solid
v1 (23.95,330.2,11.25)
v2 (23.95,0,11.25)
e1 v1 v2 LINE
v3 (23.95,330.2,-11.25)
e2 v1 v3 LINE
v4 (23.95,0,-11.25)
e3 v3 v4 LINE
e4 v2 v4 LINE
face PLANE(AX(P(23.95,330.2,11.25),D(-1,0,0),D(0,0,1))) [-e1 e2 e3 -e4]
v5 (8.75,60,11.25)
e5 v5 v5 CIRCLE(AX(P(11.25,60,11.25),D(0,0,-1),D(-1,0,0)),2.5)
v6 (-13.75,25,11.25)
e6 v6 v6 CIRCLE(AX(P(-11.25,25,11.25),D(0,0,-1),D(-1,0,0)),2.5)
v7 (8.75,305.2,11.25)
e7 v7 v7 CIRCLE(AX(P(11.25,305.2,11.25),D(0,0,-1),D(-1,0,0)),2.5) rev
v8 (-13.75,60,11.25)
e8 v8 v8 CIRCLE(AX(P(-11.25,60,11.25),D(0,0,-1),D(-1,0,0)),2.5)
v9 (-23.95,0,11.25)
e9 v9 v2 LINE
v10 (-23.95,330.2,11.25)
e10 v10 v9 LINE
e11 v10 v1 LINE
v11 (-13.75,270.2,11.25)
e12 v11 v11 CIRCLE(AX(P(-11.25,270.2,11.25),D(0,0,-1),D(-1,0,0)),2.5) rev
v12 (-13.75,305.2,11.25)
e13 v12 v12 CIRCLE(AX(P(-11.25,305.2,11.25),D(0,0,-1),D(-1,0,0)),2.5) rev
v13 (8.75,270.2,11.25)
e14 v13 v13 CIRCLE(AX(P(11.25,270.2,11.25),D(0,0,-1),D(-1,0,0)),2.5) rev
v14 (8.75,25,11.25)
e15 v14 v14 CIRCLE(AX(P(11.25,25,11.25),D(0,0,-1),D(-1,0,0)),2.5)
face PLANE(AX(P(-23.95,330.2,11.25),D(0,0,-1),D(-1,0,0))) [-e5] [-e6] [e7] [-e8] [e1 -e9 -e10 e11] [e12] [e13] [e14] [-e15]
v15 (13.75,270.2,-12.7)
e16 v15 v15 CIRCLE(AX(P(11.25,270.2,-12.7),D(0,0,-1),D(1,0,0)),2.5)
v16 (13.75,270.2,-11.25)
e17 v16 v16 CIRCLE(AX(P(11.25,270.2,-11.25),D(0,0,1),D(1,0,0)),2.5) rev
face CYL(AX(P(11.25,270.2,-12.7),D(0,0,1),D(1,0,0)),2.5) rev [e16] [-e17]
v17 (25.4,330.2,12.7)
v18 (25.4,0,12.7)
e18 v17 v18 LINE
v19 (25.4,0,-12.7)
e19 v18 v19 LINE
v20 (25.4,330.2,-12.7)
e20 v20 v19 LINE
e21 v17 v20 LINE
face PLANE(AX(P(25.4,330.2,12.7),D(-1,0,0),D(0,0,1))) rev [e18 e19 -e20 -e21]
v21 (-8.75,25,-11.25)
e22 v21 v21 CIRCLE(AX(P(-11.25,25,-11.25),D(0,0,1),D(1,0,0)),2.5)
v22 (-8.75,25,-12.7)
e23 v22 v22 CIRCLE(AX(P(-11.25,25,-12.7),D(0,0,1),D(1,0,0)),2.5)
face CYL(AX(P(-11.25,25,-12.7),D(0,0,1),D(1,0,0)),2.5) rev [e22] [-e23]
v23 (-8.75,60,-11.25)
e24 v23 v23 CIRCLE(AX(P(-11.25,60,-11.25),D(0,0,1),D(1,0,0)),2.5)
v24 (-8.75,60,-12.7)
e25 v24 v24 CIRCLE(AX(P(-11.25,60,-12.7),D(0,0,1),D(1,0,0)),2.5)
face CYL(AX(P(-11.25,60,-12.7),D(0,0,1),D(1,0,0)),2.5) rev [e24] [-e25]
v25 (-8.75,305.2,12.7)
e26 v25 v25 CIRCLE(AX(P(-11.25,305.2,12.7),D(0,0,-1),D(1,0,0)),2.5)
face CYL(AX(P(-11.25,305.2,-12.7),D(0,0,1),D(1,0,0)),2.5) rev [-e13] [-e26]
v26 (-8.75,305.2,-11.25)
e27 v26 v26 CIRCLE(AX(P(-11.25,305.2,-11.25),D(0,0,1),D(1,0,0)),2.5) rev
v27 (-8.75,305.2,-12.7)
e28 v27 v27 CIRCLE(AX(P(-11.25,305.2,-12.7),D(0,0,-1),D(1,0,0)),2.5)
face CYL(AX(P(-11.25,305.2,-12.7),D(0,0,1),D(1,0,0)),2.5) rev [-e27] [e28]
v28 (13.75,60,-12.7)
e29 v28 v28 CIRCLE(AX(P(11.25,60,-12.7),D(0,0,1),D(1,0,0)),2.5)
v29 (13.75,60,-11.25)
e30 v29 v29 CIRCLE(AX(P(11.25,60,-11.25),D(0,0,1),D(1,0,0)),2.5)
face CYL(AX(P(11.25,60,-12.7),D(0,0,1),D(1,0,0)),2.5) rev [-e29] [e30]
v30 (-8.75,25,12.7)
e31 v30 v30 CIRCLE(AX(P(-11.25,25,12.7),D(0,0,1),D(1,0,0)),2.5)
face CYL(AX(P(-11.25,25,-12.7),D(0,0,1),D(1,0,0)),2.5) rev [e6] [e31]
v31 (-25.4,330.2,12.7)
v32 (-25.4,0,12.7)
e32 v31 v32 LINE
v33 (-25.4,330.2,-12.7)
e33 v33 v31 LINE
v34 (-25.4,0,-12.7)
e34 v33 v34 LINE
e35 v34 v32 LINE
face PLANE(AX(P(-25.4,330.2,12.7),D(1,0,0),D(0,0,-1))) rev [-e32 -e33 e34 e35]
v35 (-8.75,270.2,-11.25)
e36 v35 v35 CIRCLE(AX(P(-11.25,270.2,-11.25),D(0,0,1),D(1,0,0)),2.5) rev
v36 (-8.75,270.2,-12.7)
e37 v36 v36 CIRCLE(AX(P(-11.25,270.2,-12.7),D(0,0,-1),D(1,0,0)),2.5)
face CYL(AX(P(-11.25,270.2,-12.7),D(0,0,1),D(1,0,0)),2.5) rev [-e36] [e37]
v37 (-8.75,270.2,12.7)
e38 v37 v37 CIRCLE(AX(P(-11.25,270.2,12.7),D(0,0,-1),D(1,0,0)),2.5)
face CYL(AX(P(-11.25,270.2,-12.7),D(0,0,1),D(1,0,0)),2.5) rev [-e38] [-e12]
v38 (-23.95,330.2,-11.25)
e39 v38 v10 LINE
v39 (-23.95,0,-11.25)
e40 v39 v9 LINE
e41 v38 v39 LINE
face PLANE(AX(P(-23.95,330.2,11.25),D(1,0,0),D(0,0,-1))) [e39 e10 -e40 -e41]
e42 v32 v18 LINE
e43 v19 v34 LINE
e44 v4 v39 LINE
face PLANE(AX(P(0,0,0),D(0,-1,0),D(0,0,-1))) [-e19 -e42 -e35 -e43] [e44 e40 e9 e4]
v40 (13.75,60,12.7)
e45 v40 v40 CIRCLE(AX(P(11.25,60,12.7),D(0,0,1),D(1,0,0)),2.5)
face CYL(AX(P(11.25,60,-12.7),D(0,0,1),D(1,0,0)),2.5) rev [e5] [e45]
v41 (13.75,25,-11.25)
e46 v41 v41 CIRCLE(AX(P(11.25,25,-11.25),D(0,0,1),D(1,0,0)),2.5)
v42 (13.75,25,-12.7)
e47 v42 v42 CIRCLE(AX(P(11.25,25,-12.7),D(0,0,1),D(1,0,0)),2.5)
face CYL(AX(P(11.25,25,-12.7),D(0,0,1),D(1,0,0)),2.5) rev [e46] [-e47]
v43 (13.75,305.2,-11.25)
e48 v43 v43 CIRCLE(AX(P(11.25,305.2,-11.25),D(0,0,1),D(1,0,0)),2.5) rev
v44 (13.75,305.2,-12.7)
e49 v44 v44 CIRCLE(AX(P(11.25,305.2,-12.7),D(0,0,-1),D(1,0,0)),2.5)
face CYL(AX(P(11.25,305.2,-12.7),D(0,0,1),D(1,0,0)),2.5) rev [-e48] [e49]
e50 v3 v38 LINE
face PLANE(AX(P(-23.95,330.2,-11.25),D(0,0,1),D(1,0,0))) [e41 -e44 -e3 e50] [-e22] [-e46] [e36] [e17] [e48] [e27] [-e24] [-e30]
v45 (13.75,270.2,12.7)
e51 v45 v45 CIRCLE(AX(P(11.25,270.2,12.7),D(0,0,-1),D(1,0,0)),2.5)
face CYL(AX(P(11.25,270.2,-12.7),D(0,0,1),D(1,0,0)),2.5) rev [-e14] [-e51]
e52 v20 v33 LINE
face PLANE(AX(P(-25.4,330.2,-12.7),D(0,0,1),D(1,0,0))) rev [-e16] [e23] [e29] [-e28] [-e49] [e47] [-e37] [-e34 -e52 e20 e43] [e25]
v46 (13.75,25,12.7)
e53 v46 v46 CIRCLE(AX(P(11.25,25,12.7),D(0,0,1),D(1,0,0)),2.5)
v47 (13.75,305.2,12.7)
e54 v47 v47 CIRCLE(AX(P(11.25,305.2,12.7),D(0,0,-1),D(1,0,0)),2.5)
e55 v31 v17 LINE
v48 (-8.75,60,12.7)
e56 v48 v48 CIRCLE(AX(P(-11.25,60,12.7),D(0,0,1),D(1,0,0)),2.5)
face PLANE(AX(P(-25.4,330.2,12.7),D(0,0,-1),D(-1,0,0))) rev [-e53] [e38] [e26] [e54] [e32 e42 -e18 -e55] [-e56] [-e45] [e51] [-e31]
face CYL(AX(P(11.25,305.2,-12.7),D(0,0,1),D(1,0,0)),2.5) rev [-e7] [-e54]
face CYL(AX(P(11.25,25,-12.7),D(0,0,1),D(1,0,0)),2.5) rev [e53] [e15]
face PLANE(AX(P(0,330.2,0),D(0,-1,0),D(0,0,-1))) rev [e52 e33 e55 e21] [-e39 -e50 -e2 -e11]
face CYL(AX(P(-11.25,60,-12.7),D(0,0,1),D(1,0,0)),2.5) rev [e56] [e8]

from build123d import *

# Parameters (mm, degrees)
SKETCH1_W           = 50.8
SKETCH1_H           = 25.4
SKETCH1_W_2         = 47.9
SKETCH1_H_2         = 22.5
BOSS_EXTRUDE1_DEPTH = 330.2
SKETCH2_R           = 2.5
CUT_EXTRUDE1_DEPTH  = 333.148099498


with BuildPart() as part:
    # Sketch1 → Boss-Extrude1 (new body)
    with BuildSketch(Plane(origin=(0, 0, 0), x_dir=(1, 0, 0), z_dir=(0, 1, 0))):
        Rectangle(SKETCH1_W, SKETCH1_H)
        Rectangle(SKETCH1_W_2, SKETCH1_H_2, mode=Mode.SUBTRACT)
    extrude(amount=BOSS_EXTRUDE1_DEPTH)

    # Sketch2 → Cut-Extrude1 (cut, through all)
    with BuildSketch(Plane.XY.offset(12.7)):
        with Locations((-11.25, 60)):
            Circle(SKETCH2_R)
        with Locations((-11.25, 25)):
            Circle(SKETCH2_R)
        with Locations((11.25, 25)):
            Circle(SKETCH2_R)
        with Locations((11.25, 60)):
            Circle(SKETCH2_R)
    cut_extrude1 = extrude(amount=-CUT_EXTRUDE1_DEPTH, mode=Mode.SUBTRACT)

    # Mirror1: Cut-Extrude1 across plane
    add(cut_extrude1.mirror(Plane.ZX.offset(165.1)), mode=Mode.SUBTRACT)


solid = part.part
